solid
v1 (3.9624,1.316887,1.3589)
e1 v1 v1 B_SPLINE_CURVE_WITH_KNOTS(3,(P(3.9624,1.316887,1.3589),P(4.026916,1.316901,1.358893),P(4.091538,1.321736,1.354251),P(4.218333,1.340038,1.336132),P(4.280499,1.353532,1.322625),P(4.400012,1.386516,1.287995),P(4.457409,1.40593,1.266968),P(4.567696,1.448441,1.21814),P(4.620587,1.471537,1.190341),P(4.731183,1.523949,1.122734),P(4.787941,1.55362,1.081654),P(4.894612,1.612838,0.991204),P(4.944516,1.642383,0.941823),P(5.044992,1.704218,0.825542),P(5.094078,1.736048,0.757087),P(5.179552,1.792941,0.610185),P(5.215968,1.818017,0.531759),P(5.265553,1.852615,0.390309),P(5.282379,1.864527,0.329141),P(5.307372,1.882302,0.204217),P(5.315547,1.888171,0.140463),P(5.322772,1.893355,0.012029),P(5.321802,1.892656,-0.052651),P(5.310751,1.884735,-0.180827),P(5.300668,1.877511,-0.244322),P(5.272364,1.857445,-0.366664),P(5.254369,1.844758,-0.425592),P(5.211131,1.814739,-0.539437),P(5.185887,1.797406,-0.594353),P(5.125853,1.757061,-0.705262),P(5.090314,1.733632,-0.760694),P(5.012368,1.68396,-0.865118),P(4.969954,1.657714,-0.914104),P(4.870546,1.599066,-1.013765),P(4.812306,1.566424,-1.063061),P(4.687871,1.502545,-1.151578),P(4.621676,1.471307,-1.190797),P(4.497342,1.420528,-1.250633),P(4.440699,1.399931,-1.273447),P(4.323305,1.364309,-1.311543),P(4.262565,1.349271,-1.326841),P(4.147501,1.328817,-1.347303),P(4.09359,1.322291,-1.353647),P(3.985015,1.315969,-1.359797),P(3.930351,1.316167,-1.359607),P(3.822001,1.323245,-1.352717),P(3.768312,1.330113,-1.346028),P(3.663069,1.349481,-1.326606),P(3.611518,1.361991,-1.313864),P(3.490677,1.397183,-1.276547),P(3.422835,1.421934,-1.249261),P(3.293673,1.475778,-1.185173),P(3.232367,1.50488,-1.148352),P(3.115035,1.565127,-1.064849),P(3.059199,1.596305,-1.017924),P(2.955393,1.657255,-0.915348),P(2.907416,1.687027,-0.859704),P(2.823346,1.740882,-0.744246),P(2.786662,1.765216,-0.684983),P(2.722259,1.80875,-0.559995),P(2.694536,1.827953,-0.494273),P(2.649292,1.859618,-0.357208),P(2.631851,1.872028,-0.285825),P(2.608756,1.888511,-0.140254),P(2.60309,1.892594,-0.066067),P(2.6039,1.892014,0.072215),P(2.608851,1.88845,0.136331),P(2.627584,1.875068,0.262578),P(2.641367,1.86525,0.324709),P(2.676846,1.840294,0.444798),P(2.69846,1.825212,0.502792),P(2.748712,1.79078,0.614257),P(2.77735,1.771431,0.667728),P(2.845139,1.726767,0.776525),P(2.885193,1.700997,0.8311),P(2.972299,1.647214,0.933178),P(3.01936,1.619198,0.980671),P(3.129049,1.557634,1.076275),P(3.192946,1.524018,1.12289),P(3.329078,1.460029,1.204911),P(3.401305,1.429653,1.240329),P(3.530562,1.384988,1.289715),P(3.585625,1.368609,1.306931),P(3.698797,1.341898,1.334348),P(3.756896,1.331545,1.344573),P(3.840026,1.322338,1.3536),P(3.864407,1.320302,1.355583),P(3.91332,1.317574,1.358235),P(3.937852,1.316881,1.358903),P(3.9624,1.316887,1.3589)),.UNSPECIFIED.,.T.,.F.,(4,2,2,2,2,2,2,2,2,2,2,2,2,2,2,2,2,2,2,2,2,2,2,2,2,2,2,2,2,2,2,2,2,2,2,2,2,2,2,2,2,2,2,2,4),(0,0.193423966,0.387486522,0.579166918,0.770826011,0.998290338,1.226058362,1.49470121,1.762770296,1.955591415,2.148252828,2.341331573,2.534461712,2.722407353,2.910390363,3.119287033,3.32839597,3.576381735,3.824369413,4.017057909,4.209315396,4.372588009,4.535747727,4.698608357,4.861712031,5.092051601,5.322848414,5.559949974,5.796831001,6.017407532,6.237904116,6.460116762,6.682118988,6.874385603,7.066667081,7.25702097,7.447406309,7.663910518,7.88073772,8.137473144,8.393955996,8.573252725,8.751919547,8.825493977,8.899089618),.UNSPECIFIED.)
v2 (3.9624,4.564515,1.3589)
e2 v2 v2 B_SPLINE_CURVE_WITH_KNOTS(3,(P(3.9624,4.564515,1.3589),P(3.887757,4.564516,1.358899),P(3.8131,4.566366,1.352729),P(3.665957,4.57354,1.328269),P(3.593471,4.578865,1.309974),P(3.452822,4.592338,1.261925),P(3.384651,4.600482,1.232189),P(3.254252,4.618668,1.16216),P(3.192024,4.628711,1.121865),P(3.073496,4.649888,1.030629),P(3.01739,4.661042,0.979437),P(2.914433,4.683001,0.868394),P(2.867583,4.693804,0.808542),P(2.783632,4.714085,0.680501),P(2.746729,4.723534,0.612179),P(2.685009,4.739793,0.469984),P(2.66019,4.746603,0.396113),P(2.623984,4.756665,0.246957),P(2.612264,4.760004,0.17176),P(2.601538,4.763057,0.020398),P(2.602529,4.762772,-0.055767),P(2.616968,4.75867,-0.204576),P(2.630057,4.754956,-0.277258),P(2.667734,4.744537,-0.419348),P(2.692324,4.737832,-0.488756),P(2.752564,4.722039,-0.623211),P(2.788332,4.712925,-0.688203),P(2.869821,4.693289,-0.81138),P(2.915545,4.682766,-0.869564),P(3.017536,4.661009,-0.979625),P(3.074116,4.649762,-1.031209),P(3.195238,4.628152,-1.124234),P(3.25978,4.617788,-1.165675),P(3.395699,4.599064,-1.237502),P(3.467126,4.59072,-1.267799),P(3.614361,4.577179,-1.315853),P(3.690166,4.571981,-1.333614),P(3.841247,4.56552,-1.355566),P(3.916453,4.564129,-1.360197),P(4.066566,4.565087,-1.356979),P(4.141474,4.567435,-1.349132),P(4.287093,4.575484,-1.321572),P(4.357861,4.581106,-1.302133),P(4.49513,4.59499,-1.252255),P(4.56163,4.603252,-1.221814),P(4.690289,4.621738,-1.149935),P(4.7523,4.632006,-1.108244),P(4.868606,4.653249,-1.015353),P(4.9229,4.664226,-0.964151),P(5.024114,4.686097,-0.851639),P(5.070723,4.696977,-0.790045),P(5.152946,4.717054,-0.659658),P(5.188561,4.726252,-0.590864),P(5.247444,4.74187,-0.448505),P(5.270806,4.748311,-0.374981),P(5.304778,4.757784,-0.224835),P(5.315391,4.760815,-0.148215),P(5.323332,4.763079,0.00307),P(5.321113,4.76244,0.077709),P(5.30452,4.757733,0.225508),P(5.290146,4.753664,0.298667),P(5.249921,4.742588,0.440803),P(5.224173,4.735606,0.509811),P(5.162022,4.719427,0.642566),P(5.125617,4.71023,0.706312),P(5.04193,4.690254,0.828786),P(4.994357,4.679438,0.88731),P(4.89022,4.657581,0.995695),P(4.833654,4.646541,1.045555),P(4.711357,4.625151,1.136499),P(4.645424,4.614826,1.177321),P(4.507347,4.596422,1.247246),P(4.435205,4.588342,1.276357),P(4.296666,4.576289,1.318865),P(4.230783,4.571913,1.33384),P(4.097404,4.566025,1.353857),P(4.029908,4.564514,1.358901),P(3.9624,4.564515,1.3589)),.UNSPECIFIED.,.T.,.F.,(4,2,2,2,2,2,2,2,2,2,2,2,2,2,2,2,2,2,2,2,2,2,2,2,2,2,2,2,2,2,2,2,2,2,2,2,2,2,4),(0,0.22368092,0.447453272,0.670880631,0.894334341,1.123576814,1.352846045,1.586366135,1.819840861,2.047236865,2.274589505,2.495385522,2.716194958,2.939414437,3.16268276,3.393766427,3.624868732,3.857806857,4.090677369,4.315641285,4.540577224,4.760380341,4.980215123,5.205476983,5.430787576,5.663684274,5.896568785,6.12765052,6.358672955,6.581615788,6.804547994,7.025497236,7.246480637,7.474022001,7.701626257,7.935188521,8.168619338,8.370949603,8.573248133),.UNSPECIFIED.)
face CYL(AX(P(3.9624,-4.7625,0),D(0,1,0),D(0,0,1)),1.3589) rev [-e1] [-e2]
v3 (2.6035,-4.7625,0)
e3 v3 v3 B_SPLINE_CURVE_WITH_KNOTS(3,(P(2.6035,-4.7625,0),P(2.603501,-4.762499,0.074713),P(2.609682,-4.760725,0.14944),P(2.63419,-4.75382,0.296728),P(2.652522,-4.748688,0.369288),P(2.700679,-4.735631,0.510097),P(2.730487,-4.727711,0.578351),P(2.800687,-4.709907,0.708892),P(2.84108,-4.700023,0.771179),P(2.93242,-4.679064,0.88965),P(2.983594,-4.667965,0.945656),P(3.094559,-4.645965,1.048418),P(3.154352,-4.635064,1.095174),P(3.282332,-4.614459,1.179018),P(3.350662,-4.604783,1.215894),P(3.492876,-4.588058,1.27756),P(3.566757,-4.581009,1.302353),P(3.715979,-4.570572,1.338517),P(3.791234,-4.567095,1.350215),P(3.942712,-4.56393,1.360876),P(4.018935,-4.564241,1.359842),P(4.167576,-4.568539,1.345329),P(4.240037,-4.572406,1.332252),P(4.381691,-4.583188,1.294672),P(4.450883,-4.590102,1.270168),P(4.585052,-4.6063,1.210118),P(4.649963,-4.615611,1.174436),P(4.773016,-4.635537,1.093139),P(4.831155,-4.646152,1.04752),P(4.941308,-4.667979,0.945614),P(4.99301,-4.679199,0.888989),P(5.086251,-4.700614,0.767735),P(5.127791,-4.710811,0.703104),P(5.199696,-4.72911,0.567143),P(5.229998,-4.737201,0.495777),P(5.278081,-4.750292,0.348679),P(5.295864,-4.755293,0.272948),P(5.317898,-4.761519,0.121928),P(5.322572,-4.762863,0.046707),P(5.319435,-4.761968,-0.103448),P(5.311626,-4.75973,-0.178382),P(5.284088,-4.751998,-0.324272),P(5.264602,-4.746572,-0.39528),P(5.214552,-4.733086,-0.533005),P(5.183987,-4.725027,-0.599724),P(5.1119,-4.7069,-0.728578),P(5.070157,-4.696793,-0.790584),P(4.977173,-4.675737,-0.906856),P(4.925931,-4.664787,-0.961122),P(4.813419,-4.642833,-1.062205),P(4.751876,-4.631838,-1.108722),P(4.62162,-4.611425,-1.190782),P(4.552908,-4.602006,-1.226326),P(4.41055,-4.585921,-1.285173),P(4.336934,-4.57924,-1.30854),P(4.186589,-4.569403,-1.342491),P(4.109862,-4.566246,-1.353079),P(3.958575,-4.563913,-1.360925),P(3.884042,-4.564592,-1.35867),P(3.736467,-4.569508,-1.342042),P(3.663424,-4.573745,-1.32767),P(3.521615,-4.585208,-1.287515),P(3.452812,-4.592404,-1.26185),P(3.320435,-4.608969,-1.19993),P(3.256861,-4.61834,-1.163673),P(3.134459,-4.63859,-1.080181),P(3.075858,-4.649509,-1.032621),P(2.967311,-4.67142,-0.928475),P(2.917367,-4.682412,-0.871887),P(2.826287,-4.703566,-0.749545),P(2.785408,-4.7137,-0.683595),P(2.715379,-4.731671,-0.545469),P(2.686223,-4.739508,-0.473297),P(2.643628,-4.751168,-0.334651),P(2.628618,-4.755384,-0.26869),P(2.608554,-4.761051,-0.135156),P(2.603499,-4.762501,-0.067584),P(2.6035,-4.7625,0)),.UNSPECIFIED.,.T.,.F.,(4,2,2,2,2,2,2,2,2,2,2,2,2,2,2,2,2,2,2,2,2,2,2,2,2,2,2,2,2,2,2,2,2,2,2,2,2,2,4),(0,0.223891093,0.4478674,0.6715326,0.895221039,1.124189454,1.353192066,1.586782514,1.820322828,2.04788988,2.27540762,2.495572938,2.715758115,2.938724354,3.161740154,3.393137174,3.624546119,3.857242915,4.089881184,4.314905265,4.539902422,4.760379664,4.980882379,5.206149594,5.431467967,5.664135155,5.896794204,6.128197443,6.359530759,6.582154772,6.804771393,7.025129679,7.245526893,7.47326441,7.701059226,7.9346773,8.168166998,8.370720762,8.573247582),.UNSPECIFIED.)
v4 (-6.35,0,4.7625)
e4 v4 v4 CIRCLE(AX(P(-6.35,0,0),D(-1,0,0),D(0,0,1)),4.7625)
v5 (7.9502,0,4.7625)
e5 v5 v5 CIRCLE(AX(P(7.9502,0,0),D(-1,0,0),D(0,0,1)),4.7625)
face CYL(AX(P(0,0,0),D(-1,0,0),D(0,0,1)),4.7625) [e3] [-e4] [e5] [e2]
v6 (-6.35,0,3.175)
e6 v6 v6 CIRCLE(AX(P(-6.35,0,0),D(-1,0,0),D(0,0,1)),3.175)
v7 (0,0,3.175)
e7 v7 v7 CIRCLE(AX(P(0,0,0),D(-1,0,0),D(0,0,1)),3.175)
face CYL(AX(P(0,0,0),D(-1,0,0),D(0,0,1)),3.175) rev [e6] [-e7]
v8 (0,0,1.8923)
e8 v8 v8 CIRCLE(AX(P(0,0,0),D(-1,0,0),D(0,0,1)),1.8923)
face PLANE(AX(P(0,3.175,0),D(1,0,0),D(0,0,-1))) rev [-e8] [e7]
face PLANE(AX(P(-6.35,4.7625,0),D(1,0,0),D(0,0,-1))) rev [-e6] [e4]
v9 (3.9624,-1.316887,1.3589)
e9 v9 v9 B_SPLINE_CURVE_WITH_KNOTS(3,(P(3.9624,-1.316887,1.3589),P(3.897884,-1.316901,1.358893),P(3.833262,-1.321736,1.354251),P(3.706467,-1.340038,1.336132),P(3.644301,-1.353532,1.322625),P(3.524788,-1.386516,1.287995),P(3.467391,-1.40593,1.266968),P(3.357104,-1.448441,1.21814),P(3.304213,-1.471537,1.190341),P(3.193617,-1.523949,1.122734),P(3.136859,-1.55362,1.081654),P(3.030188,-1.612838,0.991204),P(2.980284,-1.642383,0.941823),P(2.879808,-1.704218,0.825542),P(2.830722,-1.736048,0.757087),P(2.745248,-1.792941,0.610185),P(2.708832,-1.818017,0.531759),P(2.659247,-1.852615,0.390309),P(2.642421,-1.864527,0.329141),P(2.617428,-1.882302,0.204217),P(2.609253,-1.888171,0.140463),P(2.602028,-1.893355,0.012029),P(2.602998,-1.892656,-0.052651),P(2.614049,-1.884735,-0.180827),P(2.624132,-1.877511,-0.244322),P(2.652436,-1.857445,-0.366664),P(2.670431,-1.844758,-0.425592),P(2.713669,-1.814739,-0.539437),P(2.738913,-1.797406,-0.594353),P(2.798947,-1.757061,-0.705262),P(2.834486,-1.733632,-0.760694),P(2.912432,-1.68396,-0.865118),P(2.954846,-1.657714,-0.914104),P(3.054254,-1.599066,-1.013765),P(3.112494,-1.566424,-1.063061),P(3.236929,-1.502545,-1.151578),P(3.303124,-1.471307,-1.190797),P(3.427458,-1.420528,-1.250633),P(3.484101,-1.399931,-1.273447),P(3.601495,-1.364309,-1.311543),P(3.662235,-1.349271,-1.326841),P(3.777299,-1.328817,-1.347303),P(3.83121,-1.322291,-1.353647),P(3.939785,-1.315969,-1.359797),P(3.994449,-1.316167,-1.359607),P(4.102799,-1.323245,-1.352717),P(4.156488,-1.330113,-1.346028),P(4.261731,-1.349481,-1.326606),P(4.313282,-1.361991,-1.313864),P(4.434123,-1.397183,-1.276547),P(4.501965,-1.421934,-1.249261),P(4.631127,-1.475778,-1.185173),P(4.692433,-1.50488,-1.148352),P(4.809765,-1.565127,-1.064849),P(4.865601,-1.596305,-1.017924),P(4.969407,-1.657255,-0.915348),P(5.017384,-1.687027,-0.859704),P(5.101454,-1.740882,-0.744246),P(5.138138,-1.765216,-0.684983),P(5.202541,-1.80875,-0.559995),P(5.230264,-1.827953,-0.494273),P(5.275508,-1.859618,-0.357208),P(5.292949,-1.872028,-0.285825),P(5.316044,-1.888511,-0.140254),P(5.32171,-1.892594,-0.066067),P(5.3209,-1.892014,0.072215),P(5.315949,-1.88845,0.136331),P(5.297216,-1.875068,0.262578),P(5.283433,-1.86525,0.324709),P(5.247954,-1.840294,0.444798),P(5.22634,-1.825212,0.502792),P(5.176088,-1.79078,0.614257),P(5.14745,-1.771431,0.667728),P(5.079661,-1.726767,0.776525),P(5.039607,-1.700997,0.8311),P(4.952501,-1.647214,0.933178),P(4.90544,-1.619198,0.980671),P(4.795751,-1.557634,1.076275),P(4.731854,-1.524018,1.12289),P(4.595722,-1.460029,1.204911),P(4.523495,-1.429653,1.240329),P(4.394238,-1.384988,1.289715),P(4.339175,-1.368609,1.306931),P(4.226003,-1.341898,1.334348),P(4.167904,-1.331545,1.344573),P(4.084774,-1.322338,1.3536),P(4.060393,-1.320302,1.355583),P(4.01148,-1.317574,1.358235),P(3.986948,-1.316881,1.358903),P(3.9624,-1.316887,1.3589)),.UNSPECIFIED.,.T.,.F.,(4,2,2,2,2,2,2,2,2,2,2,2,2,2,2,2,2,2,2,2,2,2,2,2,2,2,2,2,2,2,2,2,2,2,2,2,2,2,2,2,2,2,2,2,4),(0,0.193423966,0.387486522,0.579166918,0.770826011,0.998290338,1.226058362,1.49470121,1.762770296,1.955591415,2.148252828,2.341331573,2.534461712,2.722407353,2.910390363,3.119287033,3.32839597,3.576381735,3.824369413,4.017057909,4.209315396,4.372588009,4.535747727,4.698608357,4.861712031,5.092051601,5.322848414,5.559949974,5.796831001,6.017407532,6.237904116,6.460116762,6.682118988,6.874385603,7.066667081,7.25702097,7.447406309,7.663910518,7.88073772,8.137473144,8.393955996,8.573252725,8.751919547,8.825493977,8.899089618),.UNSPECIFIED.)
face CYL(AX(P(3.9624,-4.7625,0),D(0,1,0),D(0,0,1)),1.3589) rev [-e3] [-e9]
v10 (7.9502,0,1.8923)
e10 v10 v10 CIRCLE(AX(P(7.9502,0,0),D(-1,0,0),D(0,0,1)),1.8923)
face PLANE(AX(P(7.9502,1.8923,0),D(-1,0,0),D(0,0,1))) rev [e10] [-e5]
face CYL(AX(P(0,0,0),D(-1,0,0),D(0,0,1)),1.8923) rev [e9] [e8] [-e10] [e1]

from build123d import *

# Parameters (mm, degrees)
SKETCH4_R               = 1.3589
CUT_EXTRUDE1_DEPTH      = 5.7625
CUT_EXTRUDE1_DEPTH_BACK = 5.7625


with BuildPart() as part:
    # Sketch3 → Revolve1 (revolve)
    with BuildSketch(Plane.XY):
        Polygon((-6.35, 4.7625), (-6.35, 3.175), (0, 3.175), (0, 1.8923), (7.9502, 1.8923), (7.9502, 4.7625), align=None)
    revolve(axis=Axis((0, 0, 0), (1, 0, 0)))

    # Sketch4 → Cut-Extrude1 (cut, two sides)
    with BuildSketch(Plane(origin=(0, 0, 0), x_dir=(1, 0, 0), z_dir=(0, 1, 0))) as cut_extrude1_sk:
        with Locations((3.9624, 0)):
            Circle(SKETCH4_R)
    extrude(amount=CUT_EXTRUDE1_DEPTH, mode=Mode.SUBTRACT)
    extrude(cut_extrude1_sk.sketch, amount=-CUT_EXTRUDE1_DEPTH_BACK, mode=Mode.SUBTRACT)


solid = part.part
